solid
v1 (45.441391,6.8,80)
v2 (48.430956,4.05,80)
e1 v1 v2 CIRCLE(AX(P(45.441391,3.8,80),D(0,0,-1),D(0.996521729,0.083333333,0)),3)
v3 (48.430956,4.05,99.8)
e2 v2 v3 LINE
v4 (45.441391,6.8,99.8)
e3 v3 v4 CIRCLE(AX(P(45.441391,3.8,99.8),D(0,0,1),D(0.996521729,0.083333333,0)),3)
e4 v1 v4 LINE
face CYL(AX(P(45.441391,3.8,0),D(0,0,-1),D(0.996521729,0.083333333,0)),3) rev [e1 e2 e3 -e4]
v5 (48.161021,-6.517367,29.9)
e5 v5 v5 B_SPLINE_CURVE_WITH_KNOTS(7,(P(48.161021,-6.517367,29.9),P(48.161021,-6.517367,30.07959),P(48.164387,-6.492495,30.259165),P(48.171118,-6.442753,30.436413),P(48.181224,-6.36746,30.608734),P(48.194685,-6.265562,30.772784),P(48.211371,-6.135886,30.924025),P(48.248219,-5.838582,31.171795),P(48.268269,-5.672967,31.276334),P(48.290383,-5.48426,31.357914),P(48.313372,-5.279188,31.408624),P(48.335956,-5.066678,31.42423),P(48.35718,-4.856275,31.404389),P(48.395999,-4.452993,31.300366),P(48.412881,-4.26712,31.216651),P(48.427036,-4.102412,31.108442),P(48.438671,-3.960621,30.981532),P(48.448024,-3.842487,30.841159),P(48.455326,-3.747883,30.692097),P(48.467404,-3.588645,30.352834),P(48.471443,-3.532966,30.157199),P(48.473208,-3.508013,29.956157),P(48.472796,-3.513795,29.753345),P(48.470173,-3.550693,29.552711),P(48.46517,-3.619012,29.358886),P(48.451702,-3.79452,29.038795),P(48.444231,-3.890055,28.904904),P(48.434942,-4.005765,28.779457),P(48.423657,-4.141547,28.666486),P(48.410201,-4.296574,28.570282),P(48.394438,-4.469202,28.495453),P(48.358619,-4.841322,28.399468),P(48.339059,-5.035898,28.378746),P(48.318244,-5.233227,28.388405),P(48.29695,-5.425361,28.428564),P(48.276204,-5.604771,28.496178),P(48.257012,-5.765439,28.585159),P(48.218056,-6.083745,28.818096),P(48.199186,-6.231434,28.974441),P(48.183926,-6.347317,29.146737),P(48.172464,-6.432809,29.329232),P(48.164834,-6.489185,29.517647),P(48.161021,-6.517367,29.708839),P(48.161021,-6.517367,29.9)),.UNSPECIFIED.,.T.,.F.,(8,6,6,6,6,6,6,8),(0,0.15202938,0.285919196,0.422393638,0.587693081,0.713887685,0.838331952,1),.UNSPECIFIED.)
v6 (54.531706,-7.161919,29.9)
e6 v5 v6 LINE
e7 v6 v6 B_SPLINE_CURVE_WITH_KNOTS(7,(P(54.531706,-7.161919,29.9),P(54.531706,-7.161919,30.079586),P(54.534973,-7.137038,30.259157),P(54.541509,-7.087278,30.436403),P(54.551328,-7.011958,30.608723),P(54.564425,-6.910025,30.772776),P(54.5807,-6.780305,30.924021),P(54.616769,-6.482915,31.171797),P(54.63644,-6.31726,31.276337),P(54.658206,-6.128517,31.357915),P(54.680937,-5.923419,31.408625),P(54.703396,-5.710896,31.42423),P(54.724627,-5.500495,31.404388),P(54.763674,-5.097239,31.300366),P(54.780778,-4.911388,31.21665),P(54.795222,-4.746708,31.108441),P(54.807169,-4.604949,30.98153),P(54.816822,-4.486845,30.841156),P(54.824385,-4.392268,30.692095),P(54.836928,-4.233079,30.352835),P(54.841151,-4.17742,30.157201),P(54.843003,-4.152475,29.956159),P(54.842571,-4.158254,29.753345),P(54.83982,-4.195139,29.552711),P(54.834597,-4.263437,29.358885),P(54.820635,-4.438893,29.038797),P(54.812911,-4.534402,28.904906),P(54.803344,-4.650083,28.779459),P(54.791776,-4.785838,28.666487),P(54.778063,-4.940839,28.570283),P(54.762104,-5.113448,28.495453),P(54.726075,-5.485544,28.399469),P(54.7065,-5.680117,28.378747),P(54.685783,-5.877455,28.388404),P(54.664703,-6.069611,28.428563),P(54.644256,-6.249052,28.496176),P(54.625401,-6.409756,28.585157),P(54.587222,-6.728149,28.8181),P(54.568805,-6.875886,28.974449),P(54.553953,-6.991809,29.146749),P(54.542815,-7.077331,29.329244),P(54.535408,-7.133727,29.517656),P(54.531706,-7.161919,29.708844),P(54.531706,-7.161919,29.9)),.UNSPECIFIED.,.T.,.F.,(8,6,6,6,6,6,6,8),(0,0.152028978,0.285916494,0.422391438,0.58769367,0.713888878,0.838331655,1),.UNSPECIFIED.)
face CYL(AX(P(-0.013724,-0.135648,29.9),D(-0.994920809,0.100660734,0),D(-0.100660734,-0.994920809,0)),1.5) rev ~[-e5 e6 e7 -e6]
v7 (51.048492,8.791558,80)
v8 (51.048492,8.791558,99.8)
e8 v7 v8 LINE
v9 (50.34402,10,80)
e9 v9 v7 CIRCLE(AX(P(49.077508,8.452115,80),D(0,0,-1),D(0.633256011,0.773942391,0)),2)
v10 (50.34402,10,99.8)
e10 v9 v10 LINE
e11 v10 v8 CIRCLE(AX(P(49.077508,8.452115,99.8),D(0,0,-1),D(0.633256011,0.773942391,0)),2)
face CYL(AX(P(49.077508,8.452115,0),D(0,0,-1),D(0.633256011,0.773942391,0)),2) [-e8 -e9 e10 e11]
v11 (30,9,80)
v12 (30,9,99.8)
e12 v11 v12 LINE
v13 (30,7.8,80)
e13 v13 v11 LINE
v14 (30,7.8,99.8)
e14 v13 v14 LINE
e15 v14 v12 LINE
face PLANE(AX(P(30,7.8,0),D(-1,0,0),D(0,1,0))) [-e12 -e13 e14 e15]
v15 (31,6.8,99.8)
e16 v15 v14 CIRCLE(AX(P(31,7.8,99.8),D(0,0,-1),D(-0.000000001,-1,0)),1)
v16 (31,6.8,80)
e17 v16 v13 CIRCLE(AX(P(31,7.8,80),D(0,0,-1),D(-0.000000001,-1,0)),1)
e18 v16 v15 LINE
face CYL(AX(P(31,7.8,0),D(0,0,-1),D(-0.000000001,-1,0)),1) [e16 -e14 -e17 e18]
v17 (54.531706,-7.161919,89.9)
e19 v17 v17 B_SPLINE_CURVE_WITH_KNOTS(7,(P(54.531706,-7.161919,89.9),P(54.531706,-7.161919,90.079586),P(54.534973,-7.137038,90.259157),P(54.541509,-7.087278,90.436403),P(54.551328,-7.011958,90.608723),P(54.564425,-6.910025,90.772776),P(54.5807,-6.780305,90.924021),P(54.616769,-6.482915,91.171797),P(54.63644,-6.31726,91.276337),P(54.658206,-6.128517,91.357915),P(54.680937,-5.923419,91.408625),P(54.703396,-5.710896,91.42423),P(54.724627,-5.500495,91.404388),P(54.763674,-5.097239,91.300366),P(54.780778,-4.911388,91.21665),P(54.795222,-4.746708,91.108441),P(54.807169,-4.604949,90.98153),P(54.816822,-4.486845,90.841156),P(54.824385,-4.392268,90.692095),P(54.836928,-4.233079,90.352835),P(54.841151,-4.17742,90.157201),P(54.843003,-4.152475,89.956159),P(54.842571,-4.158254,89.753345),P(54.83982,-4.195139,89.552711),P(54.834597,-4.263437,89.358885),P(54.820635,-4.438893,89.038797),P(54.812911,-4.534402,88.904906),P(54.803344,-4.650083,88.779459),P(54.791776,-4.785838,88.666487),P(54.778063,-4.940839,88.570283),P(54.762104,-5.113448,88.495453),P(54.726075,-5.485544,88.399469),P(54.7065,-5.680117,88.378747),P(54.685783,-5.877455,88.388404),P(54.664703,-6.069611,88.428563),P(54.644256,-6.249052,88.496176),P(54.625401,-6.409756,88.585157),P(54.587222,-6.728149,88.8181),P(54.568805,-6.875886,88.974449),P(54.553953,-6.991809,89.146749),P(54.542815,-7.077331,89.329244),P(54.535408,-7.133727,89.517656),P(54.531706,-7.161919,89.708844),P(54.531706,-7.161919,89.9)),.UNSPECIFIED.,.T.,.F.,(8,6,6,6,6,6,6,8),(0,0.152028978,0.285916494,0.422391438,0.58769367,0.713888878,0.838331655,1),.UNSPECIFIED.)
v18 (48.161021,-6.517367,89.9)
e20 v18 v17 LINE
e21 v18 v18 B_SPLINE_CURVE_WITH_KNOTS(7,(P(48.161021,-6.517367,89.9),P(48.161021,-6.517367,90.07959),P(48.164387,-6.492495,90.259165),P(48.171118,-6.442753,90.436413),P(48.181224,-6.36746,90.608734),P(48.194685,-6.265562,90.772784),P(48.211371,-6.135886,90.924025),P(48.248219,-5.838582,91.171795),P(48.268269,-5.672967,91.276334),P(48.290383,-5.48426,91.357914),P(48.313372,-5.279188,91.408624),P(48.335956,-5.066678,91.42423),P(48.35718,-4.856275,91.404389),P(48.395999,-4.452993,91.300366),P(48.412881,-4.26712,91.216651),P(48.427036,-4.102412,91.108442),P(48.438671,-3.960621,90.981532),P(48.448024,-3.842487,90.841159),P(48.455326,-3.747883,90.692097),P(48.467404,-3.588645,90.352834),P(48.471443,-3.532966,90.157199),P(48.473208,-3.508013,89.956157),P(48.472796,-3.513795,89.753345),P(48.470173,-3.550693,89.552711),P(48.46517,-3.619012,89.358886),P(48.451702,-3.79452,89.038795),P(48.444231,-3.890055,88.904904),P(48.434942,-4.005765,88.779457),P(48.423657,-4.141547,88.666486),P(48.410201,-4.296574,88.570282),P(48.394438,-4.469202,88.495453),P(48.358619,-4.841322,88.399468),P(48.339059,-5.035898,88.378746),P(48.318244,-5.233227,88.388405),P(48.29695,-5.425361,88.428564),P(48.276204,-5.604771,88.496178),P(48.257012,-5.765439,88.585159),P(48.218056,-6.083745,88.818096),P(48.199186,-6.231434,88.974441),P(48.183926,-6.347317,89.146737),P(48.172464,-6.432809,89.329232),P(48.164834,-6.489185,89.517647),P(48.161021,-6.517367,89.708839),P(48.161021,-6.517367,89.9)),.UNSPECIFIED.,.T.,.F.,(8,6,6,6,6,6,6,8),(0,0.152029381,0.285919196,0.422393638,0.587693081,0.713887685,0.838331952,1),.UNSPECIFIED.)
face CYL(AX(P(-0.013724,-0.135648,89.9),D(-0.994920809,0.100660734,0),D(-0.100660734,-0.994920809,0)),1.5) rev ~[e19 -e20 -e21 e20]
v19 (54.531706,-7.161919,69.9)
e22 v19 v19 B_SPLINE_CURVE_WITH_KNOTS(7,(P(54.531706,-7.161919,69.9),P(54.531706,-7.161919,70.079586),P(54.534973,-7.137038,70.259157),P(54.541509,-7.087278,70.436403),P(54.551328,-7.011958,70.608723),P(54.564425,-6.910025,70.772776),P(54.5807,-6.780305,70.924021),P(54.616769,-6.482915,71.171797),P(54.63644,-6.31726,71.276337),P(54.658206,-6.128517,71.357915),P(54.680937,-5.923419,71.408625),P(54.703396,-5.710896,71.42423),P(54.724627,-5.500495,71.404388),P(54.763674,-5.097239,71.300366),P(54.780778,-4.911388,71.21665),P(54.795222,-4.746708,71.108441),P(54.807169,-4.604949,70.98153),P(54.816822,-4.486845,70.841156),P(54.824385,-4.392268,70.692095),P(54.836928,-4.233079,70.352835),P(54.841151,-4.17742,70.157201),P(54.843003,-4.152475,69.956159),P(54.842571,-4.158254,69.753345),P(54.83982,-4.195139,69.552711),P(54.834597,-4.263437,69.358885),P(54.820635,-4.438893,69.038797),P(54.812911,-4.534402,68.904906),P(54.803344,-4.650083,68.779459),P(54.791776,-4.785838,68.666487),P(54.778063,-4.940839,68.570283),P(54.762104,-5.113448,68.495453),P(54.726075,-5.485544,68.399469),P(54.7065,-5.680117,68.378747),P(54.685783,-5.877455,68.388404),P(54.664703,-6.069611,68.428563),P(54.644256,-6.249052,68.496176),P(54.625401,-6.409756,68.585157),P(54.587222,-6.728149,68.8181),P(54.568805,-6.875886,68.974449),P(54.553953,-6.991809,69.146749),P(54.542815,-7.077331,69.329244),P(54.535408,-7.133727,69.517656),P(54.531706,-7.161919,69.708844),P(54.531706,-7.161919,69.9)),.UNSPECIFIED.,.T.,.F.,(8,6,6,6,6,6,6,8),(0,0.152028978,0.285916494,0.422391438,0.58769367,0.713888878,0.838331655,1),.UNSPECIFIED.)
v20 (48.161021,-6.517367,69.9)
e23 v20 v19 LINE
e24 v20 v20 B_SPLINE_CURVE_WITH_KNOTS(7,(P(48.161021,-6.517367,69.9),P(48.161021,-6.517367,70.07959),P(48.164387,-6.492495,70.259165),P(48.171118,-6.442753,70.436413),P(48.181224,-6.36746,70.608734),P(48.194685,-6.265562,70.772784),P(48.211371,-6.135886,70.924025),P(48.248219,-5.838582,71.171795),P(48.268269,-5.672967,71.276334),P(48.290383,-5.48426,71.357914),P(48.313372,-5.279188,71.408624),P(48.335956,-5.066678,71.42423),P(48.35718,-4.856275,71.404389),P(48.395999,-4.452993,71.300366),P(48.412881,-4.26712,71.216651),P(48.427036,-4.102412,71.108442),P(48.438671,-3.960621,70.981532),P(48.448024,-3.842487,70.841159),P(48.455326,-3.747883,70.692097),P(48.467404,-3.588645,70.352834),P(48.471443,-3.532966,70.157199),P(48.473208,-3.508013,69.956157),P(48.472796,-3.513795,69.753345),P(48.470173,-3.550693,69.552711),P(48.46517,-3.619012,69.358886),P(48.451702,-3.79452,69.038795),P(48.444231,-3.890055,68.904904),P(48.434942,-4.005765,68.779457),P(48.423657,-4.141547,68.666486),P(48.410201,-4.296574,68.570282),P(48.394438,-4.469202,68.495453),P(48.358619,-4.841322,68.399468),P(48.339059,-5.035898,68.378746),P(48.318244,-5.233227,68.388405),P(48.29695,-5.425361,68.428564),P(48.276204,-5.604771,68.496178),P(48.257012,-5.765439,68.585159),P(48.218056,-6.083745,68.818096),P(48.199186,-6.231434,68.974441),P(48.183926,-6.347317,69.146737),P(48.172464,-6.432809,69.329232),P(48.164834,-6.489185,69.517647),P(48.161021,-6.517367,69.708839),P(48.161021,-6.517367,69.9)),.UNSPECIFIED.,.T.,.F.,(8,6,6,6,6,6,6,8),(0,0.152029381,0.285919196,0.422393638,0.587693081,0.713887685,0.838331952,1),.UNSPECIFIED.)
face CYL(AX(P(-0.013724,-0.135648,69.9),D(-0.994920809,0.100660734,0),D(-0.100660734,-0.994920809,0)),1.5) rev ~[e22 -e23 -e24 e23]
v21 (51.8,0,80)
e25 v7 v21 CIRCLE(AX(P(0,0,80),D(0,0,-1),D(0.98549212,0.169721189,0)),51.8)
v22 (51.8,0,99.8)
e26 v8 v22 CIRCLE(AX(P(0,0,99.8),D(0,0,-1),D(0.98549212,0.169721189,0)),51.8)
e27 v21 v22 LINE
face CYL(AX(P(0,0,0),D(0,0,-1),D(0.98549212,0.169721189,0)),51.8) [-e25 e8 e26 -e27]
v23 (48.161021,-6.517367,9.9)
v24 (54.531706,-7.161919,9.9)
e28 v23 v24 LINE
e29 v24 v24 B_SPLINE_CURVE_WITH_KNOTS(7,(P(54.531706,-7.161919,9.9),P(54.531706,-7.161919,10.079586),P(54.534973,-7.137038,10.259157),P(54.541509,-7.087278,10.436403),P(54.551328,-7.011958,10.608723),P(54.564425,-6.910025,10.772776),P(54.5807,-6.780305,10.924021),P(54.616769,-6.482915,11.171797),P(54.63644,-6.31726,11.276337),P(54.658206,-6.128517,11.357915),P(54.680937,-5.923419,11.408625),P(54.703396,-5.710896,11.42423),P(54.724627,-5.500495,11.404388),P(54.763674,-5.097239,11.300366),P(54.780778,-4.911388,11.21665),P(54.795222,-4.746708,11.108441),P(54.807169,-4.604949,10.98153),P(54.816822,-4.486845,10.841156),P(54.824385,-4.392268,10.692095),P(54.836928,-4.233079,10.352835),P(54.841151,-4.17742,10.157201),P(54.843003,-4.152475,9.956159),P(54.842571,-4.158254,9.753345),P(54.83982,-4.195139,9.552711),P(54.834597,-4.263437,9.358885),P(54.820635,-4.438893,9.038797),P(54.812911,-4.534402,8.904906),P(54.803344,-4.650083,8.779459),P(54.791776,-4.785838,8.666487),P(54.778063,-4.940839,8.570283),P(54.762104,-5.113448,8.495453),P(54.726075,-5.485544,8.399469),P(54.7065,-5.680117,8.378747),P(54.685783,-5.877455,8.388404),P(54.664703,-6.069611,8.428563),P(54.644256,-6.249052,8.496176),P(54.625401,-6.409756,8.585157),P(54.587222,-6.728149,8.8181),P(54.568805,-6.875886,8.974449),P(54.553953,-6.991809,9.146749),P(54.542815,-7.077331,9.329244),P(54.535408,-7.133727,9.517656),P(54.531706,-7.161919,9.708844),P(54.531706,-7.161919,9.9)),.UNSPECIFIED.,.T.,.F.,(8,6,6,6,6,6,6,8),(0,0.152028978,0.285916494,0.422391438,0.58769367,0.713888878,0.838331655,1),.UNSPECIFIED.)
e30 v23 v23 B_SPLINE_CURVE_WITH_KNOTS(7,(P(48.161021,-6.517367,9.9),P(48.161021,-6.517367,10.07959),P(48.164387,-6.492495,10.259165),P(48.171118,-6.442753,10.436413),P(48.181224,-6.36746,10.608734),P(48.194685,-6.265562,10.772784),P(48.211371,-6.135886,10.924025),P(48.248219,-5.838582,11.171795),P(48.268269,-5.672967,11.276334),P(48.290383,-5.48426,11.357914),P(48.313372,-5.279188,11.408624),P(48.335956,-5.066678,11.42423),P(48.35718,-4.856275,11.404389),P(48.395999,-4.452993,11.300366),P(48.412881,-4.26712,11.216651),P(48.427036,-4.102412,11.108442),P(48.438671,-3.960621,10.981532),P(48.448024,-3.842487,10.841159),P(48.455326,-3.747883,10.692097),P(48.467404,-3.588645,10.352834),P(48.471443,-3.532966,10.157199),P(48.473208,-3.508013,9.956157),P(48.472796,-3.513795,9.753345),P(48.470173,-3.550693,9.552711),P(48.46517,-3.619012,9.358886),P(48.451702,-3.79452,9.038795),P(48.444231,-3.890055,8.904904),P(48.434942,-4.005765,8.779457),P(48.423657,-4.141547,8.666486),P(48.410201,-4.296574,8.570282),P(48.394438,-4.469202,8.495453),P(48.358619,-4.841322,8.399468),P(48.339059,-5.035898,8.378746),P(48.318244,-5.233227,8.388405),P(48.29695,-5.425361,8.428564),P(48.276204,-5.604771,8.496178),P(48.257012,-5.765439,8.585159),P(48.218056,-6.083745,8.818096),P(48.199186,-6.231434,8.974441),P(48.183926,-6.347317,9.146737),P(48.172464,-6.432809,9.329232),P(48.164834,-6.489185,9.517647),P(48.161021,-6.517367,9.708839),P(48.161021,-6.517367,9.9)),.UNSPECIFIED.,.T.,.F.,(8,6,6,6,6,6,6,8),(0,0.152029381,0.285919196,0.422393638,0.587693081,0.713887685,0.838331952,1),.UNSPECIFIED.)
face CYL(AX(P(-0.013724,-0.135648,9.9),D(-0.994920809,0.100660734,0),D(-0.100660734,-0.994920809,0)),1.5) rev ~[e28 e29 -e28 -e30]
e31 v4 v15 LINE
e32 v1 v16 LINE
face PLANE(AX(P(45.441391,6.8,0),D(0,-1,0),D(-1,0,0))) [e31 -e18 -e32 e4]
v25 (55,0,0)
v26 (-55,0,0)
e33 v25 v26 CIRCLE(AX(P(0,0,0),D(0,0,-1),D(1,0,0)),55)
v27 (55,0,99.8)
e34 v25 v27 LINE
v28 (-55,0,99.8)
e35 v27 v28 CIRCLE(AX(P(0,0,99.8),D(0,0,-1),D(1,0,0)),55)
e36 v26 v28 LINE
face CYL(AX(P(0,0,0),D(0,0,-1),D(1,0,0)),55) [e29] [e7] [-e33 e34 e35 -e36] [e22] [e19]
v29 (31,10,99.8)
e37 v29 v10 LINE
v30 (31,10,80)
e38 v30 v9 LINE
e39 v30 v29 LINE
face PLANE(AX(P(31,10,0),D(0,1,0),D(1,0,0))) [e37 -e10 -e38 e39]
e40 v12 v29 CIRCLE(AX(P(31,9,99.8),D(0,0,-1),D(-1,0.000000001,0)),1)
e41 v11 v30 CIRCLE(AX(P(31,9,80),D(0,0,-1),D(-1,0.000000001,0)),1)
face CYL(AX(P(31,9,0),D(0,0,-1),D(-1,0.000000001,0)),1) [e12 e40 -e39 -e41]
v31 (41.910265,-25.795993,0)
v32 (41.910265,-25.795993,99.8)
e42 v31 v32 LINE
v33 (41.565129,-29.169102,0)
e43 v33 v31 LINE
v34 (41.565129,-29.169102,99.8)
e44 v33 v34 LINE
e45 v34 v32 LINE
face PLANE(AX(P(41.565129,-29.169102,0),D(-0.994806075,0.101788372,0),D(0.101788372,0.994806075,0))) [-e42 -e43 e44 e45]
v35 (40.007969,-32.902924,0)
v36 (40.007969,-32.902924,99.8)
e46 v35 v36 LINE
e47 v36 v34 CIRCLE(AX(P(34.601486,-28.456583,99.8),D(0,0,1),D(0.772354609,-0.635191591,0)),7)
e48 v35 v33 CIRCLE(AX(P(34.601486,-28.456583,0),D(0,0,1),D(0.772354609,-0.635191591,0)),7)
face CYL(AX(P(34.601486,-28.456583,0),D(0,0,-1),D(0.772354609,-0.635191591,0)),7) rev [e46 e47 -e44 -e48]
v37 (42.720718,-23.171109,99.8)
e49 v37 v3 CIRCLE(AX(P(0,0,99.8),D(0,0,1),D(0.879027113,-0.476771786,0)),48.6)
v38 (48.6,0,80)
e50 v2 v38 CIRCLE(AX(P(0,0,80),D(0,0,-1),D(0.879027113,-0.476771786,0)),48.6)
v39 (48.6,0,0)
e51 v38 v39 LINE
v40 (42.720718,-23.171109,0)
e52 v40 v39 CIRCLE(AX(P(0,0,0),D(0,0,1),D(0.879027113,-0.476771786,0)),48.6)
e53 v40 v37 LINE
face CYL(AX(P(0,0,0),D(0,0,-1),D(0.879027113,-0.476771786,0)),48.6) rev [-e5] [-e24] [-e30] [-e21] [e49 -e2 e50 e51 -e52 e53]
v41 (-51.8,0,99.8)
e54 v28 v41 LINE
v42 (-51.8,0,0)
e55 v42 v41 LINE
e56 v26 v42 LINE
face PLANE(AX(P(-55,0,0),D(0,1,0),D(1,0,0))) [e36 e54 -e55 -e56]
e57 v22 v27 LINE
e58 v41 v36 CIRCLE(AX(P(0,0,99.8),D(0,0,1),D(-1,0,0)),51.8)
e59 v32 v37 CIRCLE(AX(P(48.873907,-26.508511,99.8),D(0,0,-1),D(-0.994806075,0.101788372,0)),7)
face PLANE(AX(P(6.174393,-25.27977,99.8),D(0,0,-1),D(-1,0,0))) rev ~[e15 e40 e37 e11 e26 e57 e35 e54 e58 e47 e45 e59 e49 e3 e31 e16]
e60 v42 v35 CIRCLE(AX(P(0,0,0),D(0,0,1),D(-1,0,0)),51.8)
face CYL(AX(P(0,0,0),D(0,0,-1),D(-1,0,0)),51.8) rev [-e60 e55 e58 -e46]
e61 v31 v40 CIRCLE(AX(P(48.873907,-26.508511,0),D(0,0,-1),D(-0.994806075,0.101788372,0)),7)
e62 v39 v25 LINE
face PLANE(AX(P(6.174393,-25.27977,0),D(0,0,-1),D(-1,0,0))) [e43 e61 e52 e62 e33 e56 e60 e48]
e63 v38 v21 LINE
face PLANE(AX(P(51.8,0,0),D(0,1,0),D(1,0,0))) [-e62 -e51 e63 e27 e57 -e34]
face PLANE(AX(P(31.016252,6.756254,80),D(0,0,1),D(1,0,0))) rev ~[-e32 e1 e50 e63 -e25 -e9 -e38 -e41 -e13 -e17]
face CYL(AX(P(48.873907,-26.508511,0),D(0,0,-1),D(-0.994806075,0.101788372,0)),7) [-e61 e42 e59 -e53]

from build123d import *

# Parameters (mm, degrees)
EXTRUDE_1_DEPTH     = 99.8
SKETCH_7_R          = 1.5
CUT_EXTRUDE_6_DEPTH = 80
CUT_EXTRUDE_7_DEPTH = 80


with BuildPart() as part:
    # 草图1 → 凸台-拉伸1 (new body)
    with BuildSketch(Plane.XY):
        with BuildLine():
            Line((-55, 0), (-51.8, 0))
            ThreePointArc((-51.8, 0), (-17.476086779, -48.76296126), (40.00796876, -32.902924425))
            ThreePointArc((40.00796876, -32.902924425), (41.062164054, -31.150956215), (41.565129022, -29.16910189))
            Line((41.565129022, -29.16910189), (41.910264928, -25.795992674))
            ThreePointArc((41.910264928, -25.795992674), (42.185460224, -24.44340265), (42.720717667, -23.171108779))
            ThreePointArc((42.720717667, -23.171108779), (47.564735827, -9.977770578), (48.43095601, 4.05))
            ThreePointArc((48.43095601, 4.05), (47.472400425, 6.007940217), (45.441390824, 6.8))
            Line((45.441390824, 6.8), (31, 6.8))
            ThreePointArc((31, 6.8), (30.292893219, 7.092893219), (30, 7.8))
            Line((30, 7.8), (30, 9))
            ThreePointArc((30, 9), (30.292893219, 9.707106781), (31, 10))
            Line((31, 10), (50.344019583, 10))
            ThreePointArc((50.344019583, 10), (50.805346897, 9.459374484), (51.0484918, 8.791557597))
            ThreePointArc((51.0484918, 8.791557597), (51.611780996, 4.411809423), (51.8, 0))
            Line((51.8, 0), (55, 0))
            ThreePointArc((55, 0), (0, -55), (-55, 0))
        make_face()
    extrude(amount=EXTRUDE_1_DEPTH)

    # 草图7 → 切除-拉伸6 (cut)
    with BuildSketch(Plane(origin=(0, 0, 0), x_dir=(0.10066073352284005, 0.994920809274107, 0), z_dir=(-0.9949208092741069, 0.10066073352284004, 0))):
        with Locations(Location((-0.136340344, -9.9, 0), (0, 0, 180))):
            Circle(SKETCH_7_R)
        with Locations(Location((-0.136340344, -29.9, 0), (0, 0, 180))):
            Circle(SKETCH_7_R)
        with Locations(Location((-0.136340344, -69.9, 0), (0, 0, 180))):
            Circle(SKETCH_7_R)
        with Locations(Location((-0.136340344, -89.9, 0), (0, 0, 180))):
            Circle(SKETCH_7_R)
    extrude(amount=-CUT_EXTRUDE_6_DEPTH, mode=Mode.SUBTRACT)

    # 草图8 → 切除-拉伸7 (cut)
    with BuildSketch(Plane(origin=(0, 0, 0), x_dir=(-1, 0, 0), z_dir=(0, 0, -1))):
        with BuildLine():
            Line((-50.016978469, 22.875792113), (0, 0))
            Line((0, 0), (-55, 0))
            ThreePointArc((-55, 0), (-53.739807479, 11.70611345), (-50.016978469, 22.875792113))
        make_face()
    extrude(amount=-CUT_EXTRUDE_7_DEPTH, mode=Mode.SUBTRACT)


solid = part.part
